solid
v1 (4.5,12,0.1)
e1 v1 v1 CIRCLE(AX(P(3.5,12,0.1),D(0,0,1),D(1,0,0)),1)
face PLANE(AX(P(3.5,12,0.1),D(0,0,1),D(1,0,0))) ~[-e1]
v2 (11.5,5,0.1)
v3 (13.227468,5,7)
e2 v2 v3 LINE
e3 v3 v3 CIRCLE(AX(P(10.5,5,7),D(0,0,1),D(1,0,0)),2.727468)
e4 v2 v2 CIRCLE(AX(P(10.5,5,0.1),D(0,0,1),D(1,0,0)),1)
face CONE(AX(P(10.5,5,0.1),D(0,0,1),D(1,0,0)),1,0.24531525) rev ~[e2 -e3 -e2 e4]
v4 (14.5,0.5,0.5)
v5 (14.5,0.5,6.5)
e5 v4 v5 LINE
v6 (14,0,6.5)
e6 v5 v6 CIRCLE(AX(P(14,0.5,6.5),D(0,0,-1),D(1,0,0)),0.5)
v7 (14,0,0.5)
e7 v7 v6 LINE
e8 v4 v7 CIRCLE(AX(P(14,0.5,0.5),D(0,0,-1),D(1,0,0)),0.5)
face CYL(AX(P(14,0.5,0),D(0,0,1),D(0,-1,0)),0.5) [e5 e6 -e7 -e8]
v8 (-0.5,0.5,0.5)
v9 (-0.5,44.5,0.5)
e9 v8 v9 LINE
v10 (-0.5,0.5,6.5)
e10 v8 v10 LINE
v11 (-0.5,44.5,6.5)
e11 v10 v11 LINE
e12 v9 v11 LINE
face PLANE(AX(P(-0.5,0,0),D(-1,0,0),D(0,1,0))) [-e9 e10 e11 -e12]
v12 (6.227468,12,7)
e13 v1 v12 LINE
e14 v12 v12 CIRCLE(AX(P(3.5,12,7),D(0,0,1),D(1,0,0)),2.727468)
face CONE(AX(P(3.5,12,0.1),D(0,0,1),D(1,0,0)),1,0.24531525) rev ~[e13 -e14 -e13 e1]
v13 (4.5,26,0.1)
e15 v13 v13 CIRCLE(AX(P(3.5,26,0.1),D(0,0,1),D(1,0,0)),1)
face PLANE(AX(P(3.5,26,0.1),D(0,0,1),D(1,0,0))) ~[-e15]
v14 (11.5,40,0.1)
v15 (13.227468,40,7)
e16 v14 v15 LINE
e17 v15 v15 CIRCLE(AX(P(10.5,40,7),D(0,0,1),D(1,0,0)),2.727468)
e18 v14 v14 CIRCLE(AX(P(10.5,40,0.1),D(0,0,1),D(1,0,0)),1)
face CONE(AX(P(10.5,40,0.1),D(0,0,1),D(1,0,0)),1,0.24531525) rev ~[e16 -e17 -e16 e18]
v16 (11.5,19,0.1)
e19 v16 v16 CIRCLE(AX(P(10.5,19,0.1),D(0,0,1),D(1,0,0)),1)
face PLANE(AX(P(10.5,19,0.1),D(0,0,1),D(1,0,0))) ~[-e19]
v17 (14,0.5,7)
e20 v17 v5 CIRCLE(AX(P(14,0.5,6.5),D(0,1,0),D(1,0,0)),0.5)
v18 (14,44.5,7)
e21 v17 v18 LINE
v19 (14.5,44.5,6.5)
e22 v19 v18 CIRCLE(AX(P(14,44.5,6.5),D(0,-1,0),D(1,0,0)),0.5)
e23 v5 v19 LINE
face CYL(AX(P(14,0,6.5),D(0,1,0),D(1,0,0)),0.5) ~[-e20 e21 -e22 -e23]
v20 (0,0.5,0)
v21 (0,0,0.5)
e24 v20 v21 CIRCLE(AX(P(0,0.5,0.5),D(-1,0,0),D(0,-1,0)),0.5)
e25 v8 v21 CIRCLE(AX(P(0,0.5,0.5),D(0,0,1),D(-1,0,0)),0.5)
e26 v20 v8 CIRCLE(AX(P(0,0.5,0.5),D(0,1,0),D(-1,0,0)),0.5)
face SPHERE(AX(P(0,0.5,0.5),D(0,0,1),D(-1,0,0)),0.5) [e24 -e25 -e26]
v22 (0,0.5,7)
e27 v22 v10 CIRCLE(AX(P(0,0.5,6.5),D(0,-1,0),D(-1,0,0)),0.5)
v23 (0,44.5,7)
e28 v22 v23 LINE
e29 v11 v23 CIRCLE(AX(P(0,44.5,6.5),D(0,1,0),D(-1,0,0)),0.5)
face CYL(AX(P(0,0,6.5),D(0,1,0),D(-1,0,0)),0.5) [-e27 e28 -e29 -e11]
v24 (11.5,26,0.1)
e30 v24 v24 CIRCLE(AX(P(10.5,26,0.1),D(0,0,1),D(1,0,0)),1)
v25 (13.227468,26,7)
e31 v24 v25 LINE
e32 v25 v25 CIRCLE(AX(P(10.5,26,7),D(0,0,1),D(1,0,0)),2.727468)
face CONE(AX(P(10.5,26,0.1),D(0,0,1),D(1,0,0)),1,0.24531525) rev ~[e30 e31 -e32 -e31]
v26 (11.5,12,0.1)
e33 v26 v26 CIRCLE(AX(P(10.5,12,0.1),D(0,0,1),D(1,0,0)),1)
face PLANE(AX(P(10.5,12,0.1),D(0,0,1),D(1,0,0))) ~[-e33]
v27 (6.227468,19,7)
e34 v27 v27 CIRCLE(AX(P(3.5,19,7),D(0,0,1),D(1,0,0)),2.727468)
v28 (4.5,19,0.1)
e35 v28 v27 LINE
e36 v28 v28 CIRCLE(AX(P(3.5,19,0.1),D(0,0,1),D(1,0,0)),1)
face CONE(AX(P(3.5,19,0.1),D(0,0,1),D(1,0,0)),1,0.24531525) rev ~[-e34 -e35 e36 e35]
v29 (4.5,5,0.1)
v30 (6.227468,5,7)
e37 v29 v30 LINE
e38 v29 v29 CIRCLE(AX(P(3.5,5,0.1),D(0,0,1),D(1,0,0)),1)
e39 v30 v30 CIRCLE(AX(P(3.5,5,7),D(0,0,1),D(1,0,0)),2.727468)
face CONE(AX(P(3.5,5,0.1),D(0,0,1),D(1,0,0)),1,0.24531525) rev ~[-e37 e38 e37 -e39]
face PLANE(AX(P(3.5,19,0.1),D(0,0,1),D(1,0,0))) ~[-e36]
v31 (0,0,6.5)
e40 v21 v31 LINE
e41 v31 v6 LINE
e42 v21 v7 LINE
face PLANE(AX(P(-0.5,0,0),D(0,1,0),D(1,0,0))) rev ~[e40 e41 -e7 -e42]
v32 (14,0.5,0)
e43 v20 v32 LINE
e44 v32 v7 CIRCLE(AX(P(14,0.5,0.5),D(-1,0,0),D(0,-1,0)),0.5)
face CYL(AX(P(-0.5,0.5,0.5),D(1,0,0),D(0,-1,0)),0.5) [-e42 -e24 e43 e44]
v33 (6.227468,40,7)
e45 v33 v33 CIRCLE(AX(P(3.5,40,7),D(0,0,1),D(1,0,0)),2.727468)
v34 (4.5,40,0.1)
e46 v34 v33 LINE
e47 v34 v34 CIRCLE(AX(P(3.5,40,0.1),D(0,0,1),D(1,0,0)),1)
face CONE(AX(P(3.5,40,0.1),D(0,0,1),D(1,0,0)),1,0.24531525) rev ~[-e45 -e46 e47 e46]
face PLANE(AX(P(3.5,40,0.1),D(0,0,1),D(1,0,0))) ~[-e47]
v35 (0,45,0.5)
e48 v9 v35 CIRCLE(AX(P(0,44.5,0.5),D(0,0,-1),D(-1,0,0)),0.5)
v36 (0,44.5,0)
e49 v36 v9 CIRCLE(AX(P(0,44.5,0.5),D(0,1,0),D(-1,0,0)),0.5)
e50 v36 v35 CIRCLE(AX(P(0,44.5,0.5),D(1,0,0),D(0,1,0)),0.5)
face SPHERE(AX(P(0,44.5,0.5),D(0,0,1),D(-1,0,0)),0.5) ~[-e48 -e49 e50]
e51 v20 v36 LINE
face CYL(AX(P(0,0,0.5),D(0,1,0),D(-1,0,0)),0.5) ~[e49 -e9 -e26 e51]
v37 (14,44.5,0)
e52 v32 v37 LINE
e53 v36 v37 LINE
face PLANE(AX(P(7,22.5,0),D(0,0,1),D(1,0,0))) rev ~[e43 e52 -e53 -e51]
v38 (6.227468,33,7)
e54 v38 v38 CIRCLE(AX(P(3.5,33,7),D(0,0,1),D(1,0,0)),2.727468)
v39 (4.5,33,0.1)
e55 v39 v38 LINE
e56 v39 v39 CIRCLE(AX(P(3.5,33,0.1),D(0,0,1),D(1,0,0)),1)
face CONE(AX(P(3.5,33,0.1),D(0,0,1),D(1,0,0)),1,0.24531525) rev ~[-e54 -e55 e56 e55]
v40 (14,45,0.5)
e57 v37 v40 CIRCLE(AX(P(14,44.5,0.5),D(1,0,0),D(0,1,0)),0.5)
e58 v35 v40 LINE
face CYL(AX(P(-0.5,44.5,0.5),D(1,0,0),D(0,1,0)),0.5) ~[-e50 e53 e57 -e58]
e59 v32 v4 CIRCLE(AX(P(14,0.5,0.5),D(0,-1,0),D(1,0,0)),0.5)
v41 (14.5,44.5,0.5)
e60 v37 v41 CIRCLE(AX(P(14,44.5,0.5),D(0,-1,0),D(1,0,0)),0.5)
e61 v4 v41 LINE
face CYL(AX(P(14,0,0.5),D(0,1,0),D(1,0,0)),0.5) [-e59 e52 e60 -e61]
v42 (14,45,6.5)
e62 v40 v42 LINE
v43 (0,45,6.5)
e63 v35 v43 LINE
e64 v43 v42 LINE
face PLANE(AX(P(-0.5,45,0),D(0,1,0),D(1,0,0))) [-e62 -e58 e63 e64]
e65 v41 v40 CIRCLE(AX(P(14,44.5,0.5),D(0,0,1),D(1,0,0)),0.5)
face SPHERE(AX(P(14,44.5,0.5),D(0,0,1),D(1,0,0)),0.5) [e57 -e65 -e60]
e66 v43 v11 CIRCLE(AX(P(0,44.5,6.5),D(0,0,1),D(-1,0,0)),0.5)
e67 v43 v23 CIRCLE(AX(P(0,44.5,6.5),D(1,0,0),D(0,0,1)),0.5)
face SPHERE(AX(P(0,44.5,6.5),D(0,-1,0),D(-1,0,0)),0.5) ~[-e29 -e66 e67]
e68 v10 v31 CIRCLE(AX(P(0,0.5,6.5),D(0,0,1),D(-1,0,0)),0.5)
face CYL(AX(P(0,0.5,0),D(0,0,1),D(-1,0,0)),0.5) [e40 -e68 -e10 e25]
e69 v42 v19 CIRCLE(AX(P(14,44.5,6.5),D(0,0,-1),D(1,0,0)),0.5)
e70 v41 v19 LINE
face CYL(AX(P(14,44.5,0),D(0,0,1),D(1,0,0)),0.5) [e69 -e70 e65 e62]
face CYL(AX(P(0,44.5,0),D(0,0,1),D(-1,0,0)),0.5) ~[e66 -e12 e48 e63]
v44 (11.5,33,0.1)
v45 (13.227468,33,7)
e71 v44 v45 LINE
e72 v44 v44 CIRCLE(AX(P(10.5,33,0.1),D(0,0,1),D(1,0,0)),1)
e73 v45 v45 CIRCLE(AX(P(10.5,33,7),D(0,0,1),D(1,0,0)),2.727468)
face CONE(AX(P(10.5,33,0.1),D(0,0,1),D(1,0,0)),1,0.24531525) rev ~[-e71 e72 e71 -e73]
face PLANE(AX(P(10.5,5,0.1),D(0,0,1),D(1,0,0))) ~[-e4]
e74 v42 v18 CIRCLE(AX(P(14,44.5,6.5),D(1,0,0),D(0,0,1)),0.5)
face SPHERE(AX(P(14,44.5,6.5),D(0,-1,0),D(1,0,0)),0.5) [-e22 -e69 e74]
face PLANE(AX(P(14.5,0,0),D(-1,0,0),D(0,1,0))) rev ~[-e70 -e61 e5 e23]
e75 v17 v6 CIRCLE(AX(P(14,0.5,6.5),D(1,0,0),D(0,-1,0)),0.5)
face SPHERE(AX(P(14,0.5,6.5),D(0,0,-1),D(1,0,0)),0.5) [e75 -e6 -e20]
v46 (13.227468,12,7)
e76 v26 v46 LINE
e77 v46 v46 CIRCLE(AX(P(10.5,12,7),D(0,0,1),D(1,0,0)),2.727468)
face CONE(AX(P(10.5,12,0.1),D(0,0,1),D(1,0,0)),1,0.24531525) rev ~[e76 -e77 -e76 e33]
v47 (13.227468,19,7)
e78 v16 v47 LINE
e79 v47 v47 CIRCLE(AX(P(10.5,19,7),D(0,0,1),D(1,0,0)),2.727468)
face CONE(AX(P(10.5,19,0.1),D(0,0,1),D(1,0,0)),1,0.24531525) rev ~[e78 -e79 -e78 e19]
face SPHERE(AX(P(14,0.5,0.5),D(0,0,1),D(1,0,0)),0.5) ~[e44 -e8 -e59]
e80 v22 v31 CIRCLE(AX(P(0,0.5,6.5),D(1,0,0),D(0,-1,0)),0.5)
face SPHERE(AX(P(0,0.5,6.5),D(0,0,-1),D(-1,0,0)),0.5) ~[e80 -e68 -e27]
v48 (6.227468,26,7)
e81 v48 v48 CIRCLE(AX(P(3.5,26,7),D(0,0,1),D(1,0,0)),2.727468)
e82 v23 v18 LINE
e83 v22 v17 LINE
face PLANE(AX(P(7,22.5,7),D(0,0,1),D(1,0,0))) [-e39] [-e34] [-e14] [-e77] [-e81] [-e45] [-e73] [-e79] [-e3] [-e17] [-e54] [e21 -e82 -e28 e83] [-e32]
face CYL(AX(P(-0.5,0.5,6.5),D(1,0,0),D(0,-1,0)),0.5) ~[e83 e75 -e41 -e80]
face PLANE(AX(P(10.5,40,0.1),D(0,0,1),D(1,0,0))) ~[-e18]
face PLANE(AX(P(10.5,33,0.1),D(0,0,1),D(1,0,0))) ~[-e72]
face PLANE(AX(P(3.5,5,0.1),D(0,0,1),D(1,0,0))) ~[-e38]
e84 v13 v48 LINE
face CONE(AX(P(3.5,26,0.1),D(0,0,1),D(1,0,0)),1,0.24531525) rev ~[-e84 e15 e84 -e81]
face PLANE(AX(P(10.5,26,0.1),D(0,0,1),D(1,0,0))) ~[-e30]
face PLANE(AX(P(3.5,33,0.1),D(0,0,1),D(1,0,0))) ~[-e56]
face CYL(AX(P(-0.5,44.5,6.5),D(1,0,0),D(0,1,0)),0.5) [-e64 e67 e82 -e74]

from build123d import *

# Parameters (mm, degrees)
ARRAY_X_COUNT = 2
ARRAY_X_PITCH = 7
ARRAY_Y_COUNT = 6
ARRAY_Y_PITCH = 7
BOX_W         = 15
BOX_H         = 45
BOX_DEPTH     = 7
FILLET_R      = 0.5


with BuildPart() as array:
    # Cone → Cone (revolve)
    with BuildSketch(Plane(origin=(3.5, 5, 0), x_dir=(1, 0, 0), z_dir=(0, -1, 0))):
        Polygon((0, 0), (1, 0), (2.75, 6.99), (0, 6.99), align=None)
    revolve(axis=Axis((3.5, 5, 0), (0, 0, 1)))

    # Array X: Array ×2


with BuildPart() as array_1:
    add(array.part)
    with Locations(*[(i * ARRAY_X_PITCH, 0, 0) for i in range(1, ARRAY_X_COUNT)]):
        add(array.part)

    # Array Y: Array ×6


with BuildPart() as array_2:
    add(array_1.part)
    with Locations(*[(0, i * ARRAY_Y_PITCH, 0) for i in range(1, ARRAY_Y_COUNT)]):
        add(array_1.part)


with BuildPart() as array_3:
    # Array placement: moved
    add(array_2.part.moved(Location((0, 0, 0.1))))


with BuildPart() as cut:
    # Box → Box (new body)
    with BuildSketch(Plane(origin=(-0.5, 0, 0), x_dir=(1, 0, 0), z_dir=(0, 0, 1))):
        with Locations((7.5, 22.5)):
            Rectangle(BOX_W, BOX_H)
    extrude(amount=BOX_DEPTH)

    # Fillet
    fillet_edges = [cut.edges().sort_by_distance(p)[0] for p in [
        (-0.5, 0, 3.5),
        (-0.5, 22.5, 7),
        (-0.5, 45, 3.5),
        (-0.5, 22.5, 0),
        (14.5, 0, 3.5),
        (14.5, 22.5, 7),
        (14.5, 45, 3.5),
        (14.5, 22.5, 0),
        (7, 0, 0),
        (7, 0, 7),
        (7, 45, 0),
        (7, 45, 7),
    ]]
    fillet(fillet_edges, radius=FILLET_R)

    # Cut: cut Array
    add(array_3.part, mode=Mode.SUBTRACT)


solid = cut.part
